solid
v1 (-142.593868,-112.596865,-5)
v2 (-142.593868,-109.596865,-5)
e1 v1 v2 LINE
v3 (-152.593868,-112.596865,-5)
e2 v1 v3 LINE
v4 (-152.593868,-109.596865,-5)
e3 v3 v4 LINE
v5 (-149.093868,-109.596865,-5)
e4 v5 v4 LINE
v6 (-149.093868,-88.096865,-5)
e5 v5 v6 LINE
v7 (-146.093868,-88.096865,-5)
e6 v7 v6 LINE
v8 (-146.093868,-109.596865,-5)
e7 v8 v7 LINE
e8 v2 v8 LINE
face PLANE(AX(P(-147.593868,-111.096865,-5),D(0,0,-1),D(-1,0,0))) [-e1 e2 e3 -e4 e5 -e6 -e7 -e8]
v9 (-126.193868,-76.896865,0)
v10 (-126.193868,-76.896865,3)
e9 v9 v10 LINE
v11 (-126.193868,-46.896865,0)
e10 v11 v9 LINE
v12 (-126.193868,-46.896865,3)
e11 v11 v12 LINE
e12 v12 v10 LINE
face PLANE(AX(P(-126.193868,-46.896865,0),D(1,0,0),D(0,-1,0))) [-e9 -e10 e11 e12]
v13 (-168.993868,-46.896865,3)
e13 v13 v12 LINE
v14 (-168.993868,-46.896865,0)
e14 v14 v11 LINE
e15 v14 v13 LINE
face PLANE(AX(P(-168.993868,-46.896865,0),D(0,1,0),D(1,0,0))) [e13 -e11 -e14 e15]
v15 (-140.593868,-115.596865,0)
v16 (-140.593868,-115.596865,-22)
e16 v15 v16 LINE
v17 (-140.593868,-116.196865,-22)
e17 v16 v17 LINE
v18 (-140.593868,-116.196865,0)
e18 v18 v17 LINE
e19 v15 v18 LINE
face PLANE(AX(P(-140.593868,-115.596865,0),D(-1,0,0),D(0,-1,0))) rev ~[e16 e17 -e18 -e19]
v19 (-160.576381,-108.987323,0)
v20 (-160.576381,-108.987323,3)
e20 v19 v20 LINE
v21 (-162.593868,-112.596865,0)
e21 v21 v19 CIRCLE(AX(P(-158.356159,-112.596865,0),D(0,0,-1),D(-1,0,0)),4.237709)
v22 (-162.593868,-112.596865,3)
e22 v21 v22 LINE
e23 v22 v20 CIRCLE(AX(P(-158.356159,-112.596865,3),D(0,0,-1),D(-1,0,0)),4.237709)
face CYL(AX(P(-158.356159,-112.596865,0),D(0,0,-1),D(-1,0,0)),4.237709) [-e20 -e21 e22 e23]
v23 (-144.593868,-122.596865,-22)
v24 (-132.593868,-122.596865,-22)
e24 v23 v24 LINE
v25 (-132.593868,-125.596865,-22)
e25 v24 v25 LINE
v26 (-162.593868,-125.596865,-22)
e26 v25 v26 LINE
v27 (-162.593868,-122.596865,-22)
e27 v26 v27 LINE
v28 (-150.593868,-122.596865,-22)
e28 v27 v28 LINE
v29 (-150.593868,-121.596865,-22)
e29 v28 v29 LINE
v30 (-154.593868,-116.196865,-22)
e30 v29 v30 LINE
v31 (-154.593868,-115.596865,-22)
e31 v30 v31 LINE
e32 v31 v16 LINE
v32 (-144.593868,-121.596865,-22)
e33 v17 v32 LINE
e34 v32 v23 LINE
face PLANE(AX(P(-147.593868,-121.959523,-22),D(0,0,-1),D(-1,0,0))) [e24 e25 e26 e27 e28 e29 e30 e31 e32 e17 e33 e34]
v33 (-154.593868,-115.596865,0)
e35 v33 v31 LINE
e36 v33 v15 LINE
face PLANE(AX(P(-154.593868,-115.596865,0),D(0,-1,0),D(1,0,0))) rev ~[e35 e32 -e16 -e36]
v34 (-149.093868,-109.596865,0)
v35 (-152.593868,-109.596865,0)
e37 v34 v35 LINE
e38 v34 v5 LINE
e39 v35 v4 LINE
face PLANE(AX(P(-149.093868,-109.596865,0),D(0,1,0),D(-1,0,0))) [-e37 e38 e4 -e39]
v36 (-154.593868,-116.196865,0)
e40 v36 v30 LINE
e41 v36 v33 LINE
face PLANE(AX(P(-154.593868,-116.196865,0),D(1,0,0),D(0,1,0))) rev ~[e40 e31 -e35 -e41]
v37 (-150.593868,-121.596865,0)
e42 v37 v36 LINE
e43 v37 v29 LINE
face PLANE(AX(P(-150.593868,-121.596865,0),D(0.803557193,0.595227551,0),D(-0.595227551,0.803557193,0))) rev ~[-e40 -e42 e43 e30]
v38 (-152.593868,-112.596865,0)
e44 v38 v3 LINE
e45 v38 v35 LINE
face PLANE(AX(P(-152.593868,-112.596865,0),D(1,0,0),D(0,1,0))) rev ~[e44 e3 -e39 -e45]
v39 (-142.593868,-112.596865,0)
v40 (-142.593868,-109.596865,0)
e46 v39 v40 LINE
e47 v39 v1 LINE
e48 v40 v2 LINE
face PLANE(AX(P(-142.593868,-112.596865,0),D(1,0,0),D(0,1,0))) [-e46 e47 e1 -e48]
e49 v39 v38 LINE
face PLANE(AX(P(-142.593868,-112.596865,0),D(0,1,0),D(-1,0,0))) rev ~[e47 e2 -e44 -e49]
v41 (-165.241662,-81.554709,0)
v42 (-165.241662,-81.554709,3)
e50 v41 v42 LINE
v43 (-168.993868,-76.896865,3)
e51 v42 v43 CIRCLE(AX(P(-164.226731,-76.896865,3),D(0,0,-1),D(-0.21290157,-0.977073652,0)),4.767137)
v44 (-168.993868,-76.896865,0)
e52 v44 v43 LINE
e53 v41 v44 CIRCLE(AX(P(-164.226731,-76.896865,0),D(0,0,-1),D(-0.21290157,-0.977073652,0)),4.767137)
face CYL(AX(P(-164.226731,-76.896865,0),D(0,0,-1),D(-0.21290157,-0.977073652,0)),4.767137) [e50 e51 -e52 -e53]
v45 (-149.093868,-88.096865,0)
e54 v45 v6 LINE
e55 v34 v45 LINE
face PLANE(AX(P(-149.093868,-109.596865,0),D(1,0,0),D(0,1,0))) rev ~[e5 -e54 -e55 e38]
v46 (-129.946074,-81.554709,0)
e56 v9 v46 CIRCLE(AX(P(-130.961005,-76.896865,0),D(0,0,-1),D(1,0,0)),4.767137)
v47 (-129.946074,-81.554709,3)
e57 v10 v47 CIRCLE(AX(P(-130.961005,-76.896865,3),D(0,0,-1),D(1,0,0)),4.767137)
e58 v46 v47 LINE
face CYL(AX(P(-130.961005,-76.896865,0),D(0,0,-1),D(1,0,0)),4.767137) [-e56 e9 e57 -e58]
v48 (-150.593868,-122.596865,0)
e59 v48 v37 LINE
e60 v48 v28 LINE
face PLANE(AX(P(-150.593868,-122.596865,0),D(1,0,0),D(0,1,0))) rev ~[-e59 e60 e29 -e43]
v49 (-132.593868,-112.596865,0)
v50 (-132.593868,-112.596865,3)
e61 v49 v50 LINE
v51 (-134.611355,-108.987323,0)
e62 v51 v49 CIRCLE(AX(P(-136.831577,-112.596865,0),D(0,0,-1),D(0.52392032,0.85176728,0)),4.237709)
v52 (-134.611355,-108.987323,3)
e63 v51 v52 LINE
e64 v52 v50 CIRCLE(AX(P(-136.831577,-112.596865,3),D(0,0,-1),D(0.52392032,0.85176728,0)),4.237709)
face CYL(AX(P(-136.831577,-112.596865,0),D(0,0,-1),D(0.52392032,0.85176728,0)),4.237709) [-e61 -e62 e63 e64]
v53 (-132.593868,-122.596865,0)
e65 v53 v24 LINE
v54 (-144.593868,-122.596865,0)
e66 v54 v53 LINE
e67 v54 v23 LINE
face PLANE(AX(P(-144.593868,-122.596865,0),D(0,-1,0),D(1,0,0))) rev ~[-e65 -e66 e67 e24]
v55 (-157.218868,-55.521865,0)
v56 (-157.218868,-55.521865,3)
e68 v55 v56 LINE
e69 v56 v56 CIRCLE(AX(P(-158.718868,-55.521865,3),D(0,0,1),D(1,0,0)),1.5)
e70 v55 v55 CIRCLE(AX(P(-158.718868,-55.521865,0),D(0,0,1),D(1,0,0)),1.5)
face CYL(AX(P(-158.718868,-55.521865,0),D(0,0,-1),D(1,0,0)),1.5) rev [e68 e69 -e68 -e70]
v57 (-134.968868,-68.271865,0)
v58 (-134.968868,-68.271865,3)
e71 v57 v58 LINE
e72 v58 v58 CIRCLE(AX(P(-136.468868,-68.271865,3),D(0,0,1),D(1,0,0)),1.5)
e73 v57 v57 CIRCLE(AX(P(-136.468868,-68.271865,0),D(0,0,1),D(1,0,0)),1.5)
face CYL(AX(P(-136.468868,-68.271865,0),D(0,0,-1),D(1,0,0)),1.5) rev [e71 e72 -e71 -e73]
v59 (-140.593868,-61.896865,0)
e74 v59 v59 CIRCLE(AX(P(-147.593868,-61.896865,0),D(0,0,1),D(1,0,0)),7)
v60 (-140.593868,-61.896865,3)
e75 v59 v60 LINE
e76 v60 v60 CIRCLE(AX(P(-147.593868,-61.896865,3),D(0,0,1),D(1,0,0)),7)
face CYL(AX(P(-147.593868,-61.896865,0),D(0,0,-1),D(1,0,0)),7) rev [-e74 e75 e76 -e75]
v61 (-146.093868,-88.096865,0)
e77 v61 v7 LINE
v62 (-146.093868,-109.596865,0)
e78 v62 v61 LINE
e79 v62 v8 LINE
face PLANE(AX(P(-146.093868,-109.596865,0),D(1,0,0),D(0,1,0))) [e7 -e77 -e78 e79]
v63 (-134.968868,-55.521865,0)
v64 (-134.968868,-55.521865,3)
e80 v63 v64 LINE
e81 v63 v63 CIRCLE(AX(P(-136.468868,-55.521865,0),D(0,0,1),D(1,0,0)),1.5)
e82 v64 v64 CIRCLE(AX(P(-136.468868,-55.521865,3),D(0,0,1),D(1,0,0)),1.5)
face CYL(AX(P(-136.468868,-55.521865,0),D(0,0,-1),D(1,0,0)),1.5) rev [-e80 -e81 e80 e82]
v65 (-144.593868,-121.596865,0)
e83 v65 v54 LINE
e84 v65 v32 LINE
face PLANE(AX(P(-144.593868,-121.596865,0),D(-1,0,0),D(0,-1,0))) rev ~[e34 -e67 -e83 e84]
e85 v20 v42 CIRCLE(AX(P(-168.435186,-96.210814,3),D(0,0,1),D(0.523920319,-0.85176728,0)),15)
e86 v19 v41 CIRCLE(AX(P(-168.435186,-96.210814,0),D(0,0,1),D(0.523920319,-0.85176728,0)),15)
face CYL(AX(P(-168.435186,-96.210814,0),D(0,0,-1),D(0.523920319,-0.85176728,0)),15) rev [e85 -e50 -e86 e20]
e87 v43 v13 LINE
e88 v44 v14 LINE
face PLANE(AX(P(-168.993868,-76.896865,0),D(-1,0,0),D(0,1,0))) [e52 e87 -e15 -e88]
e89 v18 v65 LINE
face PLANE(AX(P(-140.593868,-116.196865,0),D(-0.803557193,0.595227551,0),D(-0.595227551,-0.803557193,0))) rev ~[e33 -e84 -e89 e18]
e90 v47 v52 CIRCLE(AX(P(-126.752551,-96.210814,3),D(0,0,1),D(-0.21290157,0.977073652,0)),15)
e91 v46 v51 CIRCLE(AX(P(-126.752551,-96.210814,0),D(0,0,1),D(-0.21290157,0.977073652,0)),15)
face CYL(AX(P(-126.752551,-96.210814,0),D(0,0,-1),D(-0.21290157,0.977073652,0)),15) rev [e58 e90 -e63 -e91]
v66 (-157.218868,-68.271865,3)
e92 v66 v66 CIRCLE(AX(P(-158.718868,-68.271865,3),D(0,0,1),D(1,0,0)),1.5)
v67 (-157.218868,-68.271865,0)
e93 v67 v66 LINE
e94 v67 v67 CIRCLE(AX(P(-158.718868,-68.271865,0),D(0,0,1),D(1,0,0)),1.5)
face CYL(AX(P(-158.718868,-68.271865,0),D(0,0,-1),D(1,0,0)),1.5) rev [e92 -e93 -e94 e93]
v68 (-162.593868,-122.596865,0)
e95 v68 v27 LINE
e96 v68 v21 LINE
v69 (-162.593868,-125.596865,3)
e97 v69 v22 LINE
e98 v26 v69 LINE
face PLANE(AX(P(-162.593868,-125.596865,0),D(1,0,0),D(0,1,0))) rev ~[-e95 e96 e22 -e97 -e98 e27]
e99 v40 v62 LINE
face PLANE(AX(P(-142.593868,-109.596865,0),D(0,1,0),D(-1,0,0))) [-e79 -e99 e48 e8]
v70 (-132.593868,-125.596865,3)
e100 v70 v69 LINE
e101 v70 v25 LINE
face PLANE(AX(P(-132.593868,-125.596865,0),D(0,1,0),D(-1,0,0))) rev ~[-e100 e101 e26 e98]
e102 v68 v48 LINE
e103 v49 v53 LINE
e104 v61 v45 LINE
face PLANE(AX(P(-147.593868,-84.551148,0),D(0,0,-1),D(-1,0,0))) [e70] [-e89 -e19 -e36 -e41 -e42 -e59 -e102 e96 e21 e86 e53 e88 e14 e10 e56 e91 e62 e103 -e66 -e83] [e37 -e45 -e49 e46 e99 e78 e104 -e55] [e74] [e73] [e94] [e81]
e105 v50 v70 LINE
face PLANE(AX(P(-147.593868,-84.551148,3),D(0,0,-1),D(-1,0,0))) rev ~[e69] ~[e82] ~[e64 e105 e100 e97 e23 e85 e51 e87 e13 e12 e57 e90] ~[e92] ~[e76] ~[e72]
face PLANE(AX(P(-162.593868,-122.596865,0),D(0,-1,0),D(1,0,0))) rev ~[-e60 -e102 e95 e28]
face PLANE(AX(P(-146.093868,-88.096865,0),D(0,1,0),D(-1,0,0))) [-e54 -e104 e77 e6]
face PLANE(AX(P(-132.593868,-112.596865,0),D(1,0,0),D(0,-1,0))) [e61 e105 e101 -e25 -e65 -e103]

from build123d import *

# Parameters (mm, degrees)
SCHIZZO1_R                   = 1.5
SCHIZZO1_R_2                 = 7
ESTRUSIONE_ESTRUSIONE1_DEPTH = 3
ESTRUSIONE_ESTRUSIONE2_DEPTH = 22
ESTRUSIONE_ESTRUSIONE3_DEPTH = 5


with BuildPart() as part:
    # Schizzo1 → Estrusione-Estrusione1 (new body)
    with BuildSketch(Plane.XY):
        with BuildLine():
            Line((-162.593868151, -125.596865141), (-132.593868151, -125.596865141))
            Line((-132.593868151, -125.596865141), (-132.593868151, -112.596865141))
            ThreePointArc((-132.593868151, -112.596865141), (-133.132467042, -110.529315323), (-134.611355423, -108.98732305))
            ThreePointArc((-134.611355423, -108.98732305), (-141.540233609, -93.695971479), (-129.946074176, -81.554709072))
            ThreePointArc((-129.946074176, -81.554709072), (-127.248599586, -79.887457063), (-126.193868151, -76.896865144))
            Line((-126.193868151, -76.896865144), (-126.193868151, -46.896865141))
            Line((-126.193868151, -46.896865141), (-168.993868151, -46.896865141))
            Line((-168.993868151, -46.896865141), (-168.993868151, -76.896865144))
            ThreePointArc((-168.993868151, -76.896865144), (-167.939136717, -79.887457063), (-165.241662126, -81.554709072))
            ThreePointArc((-165.241662126, -81.554709072), (-153.647502693, -93.695971479), (-160.576380879, -108.98732305))
            ThreePointArc((-160.576380879, -108.98732305), (-162.055269261, -110.529315323), (-162.593868151, -112.596865141))
            Line((-162.593868151, -112.596865141), (-162.593868151, -125.596865141))
        make_face()
        with Locations((-136.468868151, -55.521865143)):
            Circle(SCHIZZO1_R, mode=Mode.SUBTRACT)
        with Locations((-158.718868151, -68.271865143)):
            Circle(SCHIZZO1_R, mode=Mode.SUBTRACT)
        with Locations((-158.718868151, -55.521865143)):
            Circle(SCHIZZO1_R, mode=Mode.SUBTRACT)
        with Locations((-136.468868151, -68.271865143)):
            Circle(SCHIZZO1_R, mode=Mode.SUBTRACT)
        with Locations((-147.593868151, -61.896865143)):
            Circle(SCHIZZO1_R_2, mode=Mode.SUBTRACT)
    extrude(amount=ESTRUSIONE_ESTRUSIONE1_DEPTH)

    # Schizzo2 → Estrusione-Estrusione2 (add)
    with BuildSketch(Plane(origin=(0, 0, 0), x_dir=(-1, 0, 0), z_dir=(0, 0, -1))):
        Polygon((150.593868151, -122.596865141), (150.593868151, -121.596865141), (154.593868151, -116.196865141), (154.593868151, -115.596865141), (140.593868151, -115.596865141), (140.593868151, -116.196865141), (144.593868151, -121.596865141), (144.593868151, -122.596865141), (132.593868151, -122.596865141), (132.593868151, -125.596865141), (162.593868151, -125.596865141), (162.593868151, -122.596865141), align=None)
    extrude(amount=ESTRUSIONE_ESTRUSIONE2_DEPTH)

    # Schizzo3 → Estrusione-Estrusione3 (add)
    with BuildSketch(Plane(origin=(0, 0, 0), x_dir=(-1, 0, 0), z_dir=(0, 0, -1))):
        Polygon((142.593868151, -112.596865141), (152.593868151, -112.596865141), (152.593868151, -109.596865141), (149.093868151, -109.596865141), (149.093868151, -88.096865141), (146.093868151, -88.096865141), (146.093868151, -109.596865141), (142.593868151, -109.596865141), align=None)
    extrude(amount=ESTRUSIONE_ESTRUSIONE3_DEPTH)


solid = part.part
